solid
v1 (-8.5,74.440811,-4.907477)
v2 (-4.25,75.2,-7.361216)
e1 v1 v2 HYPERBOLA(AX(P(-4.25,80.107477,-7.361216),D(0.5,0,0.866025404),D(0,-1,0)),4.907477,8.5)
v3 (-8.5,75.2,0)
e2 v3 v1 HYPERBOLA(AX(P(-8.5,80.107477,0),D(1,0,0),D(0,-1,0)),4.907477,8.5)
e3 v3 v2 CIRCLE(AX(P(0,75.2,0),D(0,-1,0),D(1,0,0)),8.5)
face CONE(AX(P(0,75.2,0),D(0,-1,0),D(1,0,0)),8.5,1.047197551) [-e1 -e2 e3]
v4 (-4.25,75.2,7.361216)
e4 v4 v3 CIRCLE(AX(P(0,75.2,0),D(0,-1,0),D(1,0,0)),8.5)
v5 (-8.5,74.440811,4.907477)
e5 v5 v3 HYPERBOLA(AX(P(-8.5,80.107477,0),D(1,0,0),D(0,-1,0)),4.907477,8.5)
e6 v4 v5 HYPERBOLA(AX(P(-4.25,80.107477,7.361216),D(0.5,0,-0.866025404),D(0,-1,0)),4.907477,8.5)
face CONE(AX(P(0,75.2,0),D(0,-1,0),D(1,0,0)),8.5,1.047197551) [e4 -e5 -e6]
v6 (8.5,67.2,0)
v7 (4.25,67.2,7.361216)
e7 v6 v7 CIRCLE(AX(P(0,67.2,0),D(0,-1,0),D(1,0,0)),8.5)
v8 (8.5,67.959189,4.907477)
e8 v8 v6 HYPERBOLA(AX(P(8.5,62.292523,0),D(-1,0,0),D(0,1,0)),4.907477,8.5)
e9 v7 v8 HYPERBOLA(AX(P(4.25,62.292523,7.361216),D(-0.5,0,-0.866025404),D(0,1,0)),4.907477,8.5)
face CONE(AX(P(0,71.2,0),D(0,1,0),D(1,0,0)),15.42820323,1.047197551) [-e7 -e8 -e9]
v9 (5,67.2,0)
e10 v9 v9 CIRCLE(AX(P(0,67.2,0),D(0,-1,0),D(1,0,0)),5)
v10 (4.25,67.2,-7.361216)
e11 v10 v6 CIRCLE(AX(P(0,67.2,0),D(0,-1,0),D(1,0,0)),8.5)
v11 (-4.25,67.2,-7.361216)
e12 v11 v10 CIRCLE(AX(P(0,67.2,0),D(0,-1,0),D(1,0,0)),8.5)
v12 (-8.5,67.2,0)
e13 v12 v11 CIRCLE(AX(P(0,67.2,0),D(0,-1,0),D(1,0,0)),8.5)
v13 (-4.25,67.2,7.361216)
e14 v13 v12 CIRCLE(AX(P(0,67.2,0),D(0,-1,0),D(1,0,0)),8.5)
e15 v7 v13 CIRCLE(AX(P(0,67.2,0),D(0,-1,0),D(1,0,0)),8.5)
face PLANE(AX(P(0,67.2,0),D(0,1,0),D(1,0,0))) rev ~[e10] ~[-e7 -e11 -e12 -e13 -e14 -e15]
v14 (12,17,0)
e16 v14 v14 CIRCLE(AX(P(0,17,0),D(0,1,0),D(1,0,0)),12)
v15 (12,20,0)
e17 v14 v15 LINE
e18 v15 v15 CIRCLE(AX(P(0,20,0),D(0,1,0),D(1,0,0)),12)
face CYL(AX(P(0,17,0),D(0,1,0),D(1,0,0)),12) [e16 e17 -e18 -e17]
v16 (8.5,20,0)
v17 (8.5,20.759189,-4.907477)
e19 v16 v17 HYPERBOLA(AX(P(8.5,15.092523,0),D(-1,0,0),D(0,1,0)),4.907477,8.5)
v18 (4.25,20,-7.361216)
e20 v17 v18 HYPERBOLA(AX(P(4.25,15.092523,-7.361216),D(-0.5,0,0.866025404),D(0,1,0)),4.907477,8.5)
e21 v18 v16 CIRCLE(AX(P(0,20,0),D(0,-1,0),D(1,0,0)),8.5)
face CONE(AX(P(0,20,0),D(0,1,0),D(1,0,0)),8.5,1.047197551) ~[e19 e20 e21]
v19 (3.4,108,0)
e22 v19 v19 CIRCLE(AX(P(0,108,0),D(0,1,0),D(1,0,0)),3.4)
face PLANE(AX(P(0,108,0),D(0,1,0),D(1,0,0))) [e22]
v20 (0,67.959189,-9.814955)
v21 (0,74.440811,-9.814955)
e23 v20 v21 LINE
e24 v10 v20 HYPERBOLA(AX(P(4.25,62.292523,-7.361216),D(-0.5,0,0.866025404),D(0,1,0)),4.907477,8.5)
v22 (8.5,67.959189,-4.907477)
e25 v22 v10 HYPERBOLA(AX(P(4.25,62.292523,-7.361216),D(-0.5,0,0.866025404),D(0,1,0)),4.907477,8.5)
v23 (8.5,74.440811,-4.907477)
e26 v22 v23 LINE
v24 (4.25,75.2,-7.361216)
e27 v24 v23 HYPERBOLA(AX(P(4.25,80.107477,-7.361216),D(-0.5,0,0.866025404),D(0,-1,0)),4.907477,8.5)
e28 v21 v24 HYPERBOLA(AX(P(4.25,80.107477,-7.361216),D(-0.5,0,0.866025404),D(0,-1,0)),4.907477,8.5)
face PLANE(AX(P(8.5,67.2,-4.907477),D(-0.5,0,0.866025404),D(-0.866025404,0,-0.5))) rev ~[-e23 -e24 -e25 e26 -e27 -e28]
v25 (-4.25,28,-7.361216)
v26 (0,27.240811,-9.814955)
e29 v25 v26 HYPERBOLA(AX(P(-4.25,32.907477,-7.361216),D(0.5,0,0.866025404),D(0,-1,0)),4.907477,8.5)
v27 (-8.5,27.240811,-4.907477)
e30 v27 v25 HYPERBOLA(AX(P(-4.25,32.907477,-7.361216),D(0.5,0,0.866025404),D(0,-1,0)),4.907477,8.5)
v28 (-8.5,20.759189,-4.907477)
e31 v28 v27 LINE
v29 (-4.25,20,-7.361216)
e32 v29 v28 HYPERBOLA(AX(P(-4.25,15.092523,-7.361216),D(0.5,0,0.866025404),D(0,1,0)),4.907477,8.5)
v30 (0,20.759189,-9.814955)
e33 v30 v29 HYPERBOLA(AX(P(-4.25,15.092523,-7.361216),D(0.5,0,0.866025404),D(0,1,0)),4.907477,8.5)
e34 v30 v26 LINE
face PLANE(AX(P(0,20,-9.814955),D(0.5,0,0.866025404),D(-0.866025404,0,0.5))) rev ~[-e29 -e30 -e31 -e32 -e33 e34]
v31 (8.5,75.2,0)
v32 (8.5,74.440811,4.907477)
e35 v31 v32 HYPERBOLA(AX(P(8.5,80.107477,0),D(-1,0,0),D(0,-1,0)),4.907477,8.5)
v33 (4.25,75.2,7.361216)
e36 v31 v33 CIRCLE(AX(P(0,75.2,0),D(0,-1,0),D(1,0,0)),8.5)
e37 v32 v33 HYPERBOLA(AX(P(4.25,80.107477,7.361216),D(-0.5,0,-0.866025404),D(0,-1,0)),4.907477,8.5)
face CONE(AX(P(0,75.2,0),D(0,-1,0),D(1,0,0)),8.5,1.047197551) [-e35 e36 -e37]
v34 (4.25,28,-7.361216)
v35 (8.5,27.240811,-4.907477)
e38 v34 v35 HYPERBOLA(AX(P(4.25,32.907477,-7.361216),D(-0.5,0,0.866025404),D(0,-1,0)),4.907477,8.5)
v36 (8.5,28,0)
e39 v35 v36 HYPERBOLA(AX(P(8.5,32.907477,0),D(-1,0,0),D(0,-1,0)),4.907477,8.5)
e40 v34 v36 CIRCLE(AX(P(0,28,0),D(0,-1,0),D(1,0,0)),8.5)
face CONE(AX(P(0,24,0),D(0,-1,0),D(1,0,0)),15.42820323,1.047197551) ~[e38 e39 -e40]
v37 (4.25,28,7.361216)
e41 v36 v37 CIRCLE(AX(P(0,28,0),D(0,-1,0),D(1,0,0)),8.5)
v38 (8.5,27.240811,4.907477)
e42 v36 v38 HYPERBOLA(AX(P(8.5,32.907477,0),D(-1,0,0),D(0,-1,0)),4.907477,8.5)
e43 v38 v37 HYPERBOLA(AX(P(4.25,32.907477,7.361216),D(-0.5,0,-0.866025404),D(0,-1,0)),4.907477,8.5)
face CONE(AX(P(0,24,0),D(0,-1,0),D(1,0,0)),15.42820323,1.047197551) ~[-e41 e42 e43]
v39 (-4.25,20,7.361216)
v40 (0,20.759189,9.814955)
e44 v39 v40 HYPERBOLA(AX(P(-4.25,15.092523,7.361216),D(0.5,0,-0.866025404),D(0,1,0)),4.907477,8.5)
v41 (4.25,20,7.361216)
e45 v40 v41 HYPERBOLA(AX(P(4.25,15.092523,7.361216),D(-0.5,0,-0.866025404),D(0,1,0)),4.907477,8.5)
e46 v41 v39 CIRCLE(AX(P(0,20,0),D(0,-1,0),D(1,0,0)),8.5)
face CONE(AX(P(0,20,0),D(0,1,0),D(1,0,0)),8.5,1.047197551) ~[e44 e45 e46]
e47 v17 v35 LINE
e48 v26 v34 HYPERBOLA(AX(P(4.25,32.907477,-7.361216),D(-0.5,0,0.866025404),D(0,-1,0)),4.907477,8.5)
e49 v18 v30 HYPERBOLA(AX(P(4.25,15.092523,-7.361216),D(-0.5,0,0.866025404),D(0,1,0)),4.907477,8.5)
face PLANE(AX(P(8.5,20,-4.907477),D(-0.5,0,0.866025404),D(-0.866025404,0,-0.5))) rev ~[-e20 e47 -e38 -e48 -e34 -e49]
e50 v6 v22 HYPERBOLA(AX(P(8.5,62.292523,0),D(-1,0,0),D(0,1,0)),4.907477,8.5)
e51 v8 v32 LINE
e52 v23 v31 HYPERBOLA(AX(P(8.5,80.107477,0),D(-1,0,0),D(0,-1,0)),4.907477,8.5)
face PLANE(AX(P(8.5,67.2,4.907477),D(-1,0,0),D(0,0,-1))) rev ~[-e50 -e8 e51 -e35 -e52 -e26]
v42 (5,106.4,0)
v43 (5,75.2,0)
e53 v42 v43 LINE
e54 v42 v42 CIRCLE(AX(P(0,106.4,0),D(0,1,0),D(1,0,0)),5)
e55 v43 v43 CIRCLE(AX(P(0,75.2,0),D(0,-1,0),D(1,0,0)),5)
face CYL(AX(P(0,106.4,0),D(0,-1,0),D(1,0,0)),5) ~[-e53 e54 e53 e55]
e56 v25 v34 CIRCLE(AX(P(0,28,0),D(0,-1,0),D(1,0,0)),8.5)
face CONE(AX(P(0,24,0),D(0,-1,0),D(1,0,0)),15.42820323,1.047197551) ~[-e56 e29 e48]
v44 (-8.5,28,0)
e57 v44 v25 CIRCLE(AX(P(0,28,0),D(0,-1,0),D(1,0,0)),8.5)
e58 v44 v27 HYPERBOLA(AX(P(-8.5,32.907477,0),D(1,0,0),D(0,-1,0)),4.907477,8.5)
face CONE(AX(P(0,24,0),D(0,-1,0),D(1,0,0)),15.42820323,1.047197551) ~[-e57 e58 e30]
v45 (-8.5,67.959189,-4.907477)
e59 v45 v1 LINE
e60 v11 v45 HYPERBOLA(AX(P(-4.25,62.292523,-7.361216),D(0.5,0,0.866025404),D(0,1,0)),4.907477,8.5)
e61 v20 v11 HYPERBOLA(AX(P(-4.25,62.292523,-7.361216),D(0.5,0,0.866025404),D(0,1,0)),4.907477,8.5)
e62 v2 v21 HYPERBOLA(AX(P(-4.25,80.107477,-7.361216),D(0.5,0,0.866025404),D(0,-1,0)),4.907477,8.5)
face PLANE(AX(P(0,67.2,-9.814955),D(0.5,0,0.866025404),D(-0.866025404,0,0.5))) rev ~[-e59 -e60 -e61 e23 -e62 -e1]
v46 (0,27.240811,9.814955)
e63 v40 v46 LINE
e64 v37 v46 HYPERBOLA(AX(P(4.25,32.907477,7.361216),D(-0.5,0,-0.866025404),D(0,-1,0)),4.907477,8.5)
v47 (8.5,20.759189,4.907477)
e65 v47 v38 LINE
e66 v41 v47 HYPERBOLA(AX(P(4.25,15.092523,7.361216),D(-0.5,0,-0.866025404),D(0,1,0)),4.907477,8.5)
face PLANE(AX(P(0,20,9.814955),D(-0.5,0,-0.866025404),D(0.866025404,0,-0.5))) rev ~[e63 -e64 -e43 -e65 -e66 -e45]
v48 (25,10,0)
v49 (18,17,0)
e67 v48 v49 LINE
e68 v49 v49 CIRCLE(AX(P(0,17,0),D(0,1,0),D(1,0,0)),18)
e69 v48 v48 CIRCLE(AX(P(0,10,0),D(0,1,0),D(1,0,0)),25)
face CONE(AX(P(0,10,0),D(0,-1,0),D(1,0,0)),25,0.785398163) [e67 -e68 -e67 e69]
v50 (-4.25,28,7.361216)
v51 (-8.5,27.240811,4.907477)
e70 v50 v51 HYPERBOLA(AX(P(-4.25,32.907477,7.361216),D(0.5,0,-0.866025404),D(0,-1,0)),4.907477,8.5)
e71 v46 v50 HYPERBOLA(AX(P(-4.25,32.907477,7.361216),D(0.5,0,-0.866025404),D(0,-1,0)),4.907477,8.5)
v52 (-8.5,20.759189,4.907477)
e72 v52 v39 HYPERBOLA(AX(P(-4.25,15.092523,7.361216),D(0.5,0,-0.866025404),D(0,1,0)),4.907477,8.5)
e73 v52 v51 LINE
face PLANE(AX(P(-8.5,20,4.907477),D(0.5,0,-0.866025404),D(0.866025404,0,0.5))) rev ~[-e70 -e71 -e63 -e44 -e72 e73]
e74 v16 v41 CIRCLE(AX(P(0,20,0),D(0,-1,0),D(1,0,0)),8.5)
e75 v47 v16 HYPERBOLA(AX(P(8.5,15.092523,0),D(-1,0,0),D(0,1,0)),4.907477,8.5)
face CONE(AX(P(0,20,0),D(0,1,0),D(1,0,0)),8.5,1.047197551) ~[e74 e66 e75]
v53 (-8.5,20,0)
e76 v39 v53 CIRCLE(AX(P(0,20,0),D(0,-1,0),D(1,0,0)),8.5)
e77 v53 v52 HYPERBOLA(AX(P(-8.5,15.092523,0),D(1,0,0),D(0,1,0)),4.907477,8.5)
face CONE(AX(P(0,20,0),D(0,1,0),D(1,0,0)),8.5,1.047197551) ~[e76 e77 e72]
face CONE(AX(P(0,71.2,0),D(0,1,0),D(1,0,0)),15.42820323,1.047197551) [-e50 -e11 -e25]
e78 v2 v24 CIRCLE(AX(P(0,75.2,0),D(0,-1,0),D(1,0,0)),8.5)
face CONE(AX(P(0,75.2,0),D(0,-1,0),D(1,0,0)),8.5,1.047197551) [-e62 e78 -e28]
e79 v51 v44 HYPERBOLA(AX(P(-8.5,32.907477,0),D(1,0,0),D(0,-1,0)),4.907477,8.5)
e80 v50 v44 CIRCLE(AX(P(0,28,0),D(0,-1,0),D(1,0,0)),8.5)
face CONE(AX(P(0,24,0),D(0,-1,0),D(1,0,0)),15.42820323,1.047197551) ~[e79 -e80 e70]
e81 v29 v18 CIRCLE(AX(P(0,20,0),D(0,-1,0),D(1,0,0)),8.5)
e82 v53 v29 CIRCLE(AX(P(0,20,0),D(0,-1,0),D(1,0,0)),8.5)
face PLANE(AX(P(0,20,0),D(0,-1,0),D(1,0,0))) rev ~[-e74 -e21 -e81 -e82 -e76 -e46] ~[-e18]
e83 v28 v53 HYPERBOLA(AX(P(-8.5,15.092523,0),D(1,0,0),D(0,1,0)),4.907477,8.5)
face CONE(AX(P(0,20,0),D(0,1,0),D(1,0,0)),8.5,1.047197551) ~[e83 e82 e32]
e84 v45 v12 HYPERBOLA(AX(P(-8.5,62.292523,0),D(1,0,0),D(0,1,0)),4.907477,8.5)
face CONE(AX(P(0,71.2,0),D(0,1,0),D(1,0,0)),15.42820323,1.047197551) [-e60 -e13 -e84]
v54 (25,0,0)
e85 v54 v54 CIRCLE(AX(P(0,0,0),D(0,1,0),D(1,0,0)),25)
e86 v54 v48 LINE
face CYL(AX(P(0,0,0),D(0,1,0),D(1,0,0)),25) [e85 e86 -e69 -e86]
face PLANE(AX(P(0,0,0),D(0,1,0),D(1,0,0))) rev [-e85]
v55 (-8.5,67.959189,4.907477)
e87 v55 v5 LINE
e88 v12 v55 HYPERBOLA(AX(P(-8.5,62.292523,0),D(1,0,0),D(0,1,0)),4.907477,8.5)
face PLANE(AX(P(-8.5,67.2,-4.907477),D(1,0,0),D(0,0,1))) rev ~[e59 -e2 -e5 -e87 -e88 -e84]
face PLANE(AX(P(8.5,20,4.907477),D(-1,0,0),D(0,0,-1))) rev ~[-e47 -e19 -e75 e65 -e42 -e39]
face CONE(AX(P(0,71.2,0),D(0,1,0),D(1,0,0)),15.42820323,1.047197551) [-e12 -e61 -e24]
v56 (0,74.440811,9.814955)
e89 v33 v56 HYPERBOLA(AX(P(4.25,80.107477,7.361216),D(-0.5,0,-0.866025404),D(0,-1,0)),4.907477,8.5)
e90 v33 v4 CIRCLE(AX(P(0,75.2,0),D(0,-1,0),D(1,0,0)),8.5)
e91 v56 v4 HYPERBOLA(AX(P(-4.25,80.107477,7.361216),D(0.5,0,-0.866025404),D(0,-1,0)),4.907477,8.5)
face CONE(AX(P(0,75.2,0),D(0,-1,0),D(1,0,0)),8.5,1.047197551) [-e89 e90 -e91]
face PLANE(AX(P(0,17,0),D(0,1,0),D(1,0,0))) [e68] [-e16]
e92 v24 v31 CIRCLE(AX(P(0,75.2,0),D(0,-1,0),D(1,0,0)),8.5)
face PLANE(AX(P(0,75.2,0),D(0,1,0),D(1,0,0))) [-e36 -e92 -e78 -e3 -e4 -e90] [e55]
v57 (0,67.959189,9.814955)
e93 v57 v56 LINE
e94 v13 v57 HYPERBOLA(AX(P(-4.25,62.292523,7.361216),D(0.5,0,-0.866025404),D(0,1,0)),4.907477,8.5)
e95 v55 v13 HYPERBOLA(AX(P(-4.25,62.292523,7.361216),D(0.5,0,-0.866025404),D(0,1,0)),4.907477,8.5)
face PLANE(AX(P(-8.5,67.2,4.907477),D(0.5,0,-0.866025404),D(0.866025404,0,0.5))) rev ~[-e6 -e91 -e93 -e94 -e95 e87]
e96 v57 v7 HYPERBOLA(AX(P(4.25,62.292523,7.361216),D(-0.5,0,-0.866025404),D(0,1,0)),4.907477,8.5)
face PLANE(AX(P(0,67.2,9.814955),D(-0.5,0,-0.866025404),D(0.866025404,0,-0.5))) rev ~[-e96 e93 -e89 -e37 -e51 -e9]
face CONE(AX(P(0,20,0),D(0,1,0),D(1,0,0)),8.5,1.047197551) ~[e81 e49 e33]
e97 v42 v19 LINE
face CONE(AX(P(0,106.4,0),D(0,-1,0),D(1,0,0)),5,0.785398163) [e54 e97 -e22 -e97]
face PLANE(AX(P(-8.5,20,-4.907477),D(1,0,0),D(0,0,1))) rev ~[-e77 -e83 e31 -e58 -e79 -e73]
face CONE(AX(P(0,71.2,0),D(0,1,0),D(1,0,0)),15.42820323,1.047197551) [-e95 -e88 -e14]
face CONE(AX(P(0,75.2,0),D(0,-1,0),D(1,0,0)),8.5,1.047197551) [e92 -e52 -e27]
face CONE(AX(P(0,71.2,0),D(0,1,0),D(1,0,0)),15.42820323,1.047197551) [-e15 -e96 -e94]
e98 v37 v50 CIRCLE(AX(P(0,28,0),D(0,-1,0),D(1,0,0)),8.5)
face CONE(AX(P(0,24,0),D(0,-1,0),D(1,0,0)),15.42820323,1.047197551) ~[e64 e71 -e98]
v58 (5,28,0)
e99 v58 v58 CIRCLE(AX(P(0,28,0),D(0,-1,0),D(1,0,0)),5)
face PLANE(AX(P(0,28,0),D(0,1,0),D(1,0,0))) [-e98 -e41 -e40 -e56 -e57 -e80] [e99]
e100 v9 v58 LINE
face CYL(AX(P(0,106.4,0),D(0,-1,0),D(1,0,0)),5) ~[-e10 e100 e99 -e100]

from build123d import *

# Parameters (mm, degrees)
EXTRUDE_1_DEPTH = 8
EXTRUDE_2_DEPTH = 8


with BuildPart() as part:
    # Эскиз1 → Повернуть1 (revolve)
    with BuildSketch(Plane.XY, mode=Mode.PRIVATE) as revolve_1_sk:
        Polygon((0, 0), (-25, 0), (-25, 10), (-18, 17), (-12, 17), (-12, 20), (-5, 20), (-5, 28), (-5, 106.4), (-3.4, 108), (0, 108), align=None)
    revolve(revolve_1_sk.sketch.rotate(Axis((0, 0, 0), (0, 1, 0)), 180), axis=Axis((0, 0, 0), (0, 1, 0)))  # turned: the seam where the file's is

    # Эскиз2 → Бобышка-Вытянуть1 (add)
    with BuildSketch(Plane(origin=(0, 20, 0), x_dir=(1, 0, 0), z_dir=(0, 1, 0))):
        Polygon((0, 9.814954576), (-8.5, 4.907477288), (-8.5, -4.907477288), (0, -9.814954576), (8.5, -4.907477288), (8.5, 4.907477288), align=None)
    extrude(amount=EXTRUDE_1_DEPTH)

    # Эскиз3 → Бобышка-Вытянуть2 (add)
    with BuildSketch(Plane(origin=(0, 67.2, 0), x_dir=(1, 0, 0), z_dir=(0, 1, 0))):
        Polygon((8.5, 4.907477288), (0, 9.814954576), (-8.5, 4.907477288), (-8.5, -4.907477288), (0, -9.814954576), (8.5, -4.907477288), align=None)
    extrude(amount=EXTRUDE_2_DEPTH)

    # Эскиз4 → Вырез-Повернуть2 (revolve, cut)
    with BuildSketch(Plane.XY, mode=Mode.PRIVATE) as cut_revolve_2_sk:
        Polygon((-15.42820323, 75.2), (-8.5, 75.2), (-15.42820323, 71.2), align=None)
        Polygon((-15.42820323, 67.2), (-15.42820323, 71.2), (-8.5, 67.2), align=None)
        Polygon((-15.42820323, 28), (-15.42820323, 24), (-8.5, 28), align=None)
        Polygon((-15.42820323, 24), (-15.42820323, 20), (-8.5, 20), align=None)
    revolve(cut_revolve_2_sk.sketch.rotate(Axis((0, 108, 0), (0, -1, 0)), 180), axis=Axis((0, 108, 0), (0, -1, 0)), mode=Mode.SUBTRACT)  # turned: the seam where the file's is


solid = part.part
